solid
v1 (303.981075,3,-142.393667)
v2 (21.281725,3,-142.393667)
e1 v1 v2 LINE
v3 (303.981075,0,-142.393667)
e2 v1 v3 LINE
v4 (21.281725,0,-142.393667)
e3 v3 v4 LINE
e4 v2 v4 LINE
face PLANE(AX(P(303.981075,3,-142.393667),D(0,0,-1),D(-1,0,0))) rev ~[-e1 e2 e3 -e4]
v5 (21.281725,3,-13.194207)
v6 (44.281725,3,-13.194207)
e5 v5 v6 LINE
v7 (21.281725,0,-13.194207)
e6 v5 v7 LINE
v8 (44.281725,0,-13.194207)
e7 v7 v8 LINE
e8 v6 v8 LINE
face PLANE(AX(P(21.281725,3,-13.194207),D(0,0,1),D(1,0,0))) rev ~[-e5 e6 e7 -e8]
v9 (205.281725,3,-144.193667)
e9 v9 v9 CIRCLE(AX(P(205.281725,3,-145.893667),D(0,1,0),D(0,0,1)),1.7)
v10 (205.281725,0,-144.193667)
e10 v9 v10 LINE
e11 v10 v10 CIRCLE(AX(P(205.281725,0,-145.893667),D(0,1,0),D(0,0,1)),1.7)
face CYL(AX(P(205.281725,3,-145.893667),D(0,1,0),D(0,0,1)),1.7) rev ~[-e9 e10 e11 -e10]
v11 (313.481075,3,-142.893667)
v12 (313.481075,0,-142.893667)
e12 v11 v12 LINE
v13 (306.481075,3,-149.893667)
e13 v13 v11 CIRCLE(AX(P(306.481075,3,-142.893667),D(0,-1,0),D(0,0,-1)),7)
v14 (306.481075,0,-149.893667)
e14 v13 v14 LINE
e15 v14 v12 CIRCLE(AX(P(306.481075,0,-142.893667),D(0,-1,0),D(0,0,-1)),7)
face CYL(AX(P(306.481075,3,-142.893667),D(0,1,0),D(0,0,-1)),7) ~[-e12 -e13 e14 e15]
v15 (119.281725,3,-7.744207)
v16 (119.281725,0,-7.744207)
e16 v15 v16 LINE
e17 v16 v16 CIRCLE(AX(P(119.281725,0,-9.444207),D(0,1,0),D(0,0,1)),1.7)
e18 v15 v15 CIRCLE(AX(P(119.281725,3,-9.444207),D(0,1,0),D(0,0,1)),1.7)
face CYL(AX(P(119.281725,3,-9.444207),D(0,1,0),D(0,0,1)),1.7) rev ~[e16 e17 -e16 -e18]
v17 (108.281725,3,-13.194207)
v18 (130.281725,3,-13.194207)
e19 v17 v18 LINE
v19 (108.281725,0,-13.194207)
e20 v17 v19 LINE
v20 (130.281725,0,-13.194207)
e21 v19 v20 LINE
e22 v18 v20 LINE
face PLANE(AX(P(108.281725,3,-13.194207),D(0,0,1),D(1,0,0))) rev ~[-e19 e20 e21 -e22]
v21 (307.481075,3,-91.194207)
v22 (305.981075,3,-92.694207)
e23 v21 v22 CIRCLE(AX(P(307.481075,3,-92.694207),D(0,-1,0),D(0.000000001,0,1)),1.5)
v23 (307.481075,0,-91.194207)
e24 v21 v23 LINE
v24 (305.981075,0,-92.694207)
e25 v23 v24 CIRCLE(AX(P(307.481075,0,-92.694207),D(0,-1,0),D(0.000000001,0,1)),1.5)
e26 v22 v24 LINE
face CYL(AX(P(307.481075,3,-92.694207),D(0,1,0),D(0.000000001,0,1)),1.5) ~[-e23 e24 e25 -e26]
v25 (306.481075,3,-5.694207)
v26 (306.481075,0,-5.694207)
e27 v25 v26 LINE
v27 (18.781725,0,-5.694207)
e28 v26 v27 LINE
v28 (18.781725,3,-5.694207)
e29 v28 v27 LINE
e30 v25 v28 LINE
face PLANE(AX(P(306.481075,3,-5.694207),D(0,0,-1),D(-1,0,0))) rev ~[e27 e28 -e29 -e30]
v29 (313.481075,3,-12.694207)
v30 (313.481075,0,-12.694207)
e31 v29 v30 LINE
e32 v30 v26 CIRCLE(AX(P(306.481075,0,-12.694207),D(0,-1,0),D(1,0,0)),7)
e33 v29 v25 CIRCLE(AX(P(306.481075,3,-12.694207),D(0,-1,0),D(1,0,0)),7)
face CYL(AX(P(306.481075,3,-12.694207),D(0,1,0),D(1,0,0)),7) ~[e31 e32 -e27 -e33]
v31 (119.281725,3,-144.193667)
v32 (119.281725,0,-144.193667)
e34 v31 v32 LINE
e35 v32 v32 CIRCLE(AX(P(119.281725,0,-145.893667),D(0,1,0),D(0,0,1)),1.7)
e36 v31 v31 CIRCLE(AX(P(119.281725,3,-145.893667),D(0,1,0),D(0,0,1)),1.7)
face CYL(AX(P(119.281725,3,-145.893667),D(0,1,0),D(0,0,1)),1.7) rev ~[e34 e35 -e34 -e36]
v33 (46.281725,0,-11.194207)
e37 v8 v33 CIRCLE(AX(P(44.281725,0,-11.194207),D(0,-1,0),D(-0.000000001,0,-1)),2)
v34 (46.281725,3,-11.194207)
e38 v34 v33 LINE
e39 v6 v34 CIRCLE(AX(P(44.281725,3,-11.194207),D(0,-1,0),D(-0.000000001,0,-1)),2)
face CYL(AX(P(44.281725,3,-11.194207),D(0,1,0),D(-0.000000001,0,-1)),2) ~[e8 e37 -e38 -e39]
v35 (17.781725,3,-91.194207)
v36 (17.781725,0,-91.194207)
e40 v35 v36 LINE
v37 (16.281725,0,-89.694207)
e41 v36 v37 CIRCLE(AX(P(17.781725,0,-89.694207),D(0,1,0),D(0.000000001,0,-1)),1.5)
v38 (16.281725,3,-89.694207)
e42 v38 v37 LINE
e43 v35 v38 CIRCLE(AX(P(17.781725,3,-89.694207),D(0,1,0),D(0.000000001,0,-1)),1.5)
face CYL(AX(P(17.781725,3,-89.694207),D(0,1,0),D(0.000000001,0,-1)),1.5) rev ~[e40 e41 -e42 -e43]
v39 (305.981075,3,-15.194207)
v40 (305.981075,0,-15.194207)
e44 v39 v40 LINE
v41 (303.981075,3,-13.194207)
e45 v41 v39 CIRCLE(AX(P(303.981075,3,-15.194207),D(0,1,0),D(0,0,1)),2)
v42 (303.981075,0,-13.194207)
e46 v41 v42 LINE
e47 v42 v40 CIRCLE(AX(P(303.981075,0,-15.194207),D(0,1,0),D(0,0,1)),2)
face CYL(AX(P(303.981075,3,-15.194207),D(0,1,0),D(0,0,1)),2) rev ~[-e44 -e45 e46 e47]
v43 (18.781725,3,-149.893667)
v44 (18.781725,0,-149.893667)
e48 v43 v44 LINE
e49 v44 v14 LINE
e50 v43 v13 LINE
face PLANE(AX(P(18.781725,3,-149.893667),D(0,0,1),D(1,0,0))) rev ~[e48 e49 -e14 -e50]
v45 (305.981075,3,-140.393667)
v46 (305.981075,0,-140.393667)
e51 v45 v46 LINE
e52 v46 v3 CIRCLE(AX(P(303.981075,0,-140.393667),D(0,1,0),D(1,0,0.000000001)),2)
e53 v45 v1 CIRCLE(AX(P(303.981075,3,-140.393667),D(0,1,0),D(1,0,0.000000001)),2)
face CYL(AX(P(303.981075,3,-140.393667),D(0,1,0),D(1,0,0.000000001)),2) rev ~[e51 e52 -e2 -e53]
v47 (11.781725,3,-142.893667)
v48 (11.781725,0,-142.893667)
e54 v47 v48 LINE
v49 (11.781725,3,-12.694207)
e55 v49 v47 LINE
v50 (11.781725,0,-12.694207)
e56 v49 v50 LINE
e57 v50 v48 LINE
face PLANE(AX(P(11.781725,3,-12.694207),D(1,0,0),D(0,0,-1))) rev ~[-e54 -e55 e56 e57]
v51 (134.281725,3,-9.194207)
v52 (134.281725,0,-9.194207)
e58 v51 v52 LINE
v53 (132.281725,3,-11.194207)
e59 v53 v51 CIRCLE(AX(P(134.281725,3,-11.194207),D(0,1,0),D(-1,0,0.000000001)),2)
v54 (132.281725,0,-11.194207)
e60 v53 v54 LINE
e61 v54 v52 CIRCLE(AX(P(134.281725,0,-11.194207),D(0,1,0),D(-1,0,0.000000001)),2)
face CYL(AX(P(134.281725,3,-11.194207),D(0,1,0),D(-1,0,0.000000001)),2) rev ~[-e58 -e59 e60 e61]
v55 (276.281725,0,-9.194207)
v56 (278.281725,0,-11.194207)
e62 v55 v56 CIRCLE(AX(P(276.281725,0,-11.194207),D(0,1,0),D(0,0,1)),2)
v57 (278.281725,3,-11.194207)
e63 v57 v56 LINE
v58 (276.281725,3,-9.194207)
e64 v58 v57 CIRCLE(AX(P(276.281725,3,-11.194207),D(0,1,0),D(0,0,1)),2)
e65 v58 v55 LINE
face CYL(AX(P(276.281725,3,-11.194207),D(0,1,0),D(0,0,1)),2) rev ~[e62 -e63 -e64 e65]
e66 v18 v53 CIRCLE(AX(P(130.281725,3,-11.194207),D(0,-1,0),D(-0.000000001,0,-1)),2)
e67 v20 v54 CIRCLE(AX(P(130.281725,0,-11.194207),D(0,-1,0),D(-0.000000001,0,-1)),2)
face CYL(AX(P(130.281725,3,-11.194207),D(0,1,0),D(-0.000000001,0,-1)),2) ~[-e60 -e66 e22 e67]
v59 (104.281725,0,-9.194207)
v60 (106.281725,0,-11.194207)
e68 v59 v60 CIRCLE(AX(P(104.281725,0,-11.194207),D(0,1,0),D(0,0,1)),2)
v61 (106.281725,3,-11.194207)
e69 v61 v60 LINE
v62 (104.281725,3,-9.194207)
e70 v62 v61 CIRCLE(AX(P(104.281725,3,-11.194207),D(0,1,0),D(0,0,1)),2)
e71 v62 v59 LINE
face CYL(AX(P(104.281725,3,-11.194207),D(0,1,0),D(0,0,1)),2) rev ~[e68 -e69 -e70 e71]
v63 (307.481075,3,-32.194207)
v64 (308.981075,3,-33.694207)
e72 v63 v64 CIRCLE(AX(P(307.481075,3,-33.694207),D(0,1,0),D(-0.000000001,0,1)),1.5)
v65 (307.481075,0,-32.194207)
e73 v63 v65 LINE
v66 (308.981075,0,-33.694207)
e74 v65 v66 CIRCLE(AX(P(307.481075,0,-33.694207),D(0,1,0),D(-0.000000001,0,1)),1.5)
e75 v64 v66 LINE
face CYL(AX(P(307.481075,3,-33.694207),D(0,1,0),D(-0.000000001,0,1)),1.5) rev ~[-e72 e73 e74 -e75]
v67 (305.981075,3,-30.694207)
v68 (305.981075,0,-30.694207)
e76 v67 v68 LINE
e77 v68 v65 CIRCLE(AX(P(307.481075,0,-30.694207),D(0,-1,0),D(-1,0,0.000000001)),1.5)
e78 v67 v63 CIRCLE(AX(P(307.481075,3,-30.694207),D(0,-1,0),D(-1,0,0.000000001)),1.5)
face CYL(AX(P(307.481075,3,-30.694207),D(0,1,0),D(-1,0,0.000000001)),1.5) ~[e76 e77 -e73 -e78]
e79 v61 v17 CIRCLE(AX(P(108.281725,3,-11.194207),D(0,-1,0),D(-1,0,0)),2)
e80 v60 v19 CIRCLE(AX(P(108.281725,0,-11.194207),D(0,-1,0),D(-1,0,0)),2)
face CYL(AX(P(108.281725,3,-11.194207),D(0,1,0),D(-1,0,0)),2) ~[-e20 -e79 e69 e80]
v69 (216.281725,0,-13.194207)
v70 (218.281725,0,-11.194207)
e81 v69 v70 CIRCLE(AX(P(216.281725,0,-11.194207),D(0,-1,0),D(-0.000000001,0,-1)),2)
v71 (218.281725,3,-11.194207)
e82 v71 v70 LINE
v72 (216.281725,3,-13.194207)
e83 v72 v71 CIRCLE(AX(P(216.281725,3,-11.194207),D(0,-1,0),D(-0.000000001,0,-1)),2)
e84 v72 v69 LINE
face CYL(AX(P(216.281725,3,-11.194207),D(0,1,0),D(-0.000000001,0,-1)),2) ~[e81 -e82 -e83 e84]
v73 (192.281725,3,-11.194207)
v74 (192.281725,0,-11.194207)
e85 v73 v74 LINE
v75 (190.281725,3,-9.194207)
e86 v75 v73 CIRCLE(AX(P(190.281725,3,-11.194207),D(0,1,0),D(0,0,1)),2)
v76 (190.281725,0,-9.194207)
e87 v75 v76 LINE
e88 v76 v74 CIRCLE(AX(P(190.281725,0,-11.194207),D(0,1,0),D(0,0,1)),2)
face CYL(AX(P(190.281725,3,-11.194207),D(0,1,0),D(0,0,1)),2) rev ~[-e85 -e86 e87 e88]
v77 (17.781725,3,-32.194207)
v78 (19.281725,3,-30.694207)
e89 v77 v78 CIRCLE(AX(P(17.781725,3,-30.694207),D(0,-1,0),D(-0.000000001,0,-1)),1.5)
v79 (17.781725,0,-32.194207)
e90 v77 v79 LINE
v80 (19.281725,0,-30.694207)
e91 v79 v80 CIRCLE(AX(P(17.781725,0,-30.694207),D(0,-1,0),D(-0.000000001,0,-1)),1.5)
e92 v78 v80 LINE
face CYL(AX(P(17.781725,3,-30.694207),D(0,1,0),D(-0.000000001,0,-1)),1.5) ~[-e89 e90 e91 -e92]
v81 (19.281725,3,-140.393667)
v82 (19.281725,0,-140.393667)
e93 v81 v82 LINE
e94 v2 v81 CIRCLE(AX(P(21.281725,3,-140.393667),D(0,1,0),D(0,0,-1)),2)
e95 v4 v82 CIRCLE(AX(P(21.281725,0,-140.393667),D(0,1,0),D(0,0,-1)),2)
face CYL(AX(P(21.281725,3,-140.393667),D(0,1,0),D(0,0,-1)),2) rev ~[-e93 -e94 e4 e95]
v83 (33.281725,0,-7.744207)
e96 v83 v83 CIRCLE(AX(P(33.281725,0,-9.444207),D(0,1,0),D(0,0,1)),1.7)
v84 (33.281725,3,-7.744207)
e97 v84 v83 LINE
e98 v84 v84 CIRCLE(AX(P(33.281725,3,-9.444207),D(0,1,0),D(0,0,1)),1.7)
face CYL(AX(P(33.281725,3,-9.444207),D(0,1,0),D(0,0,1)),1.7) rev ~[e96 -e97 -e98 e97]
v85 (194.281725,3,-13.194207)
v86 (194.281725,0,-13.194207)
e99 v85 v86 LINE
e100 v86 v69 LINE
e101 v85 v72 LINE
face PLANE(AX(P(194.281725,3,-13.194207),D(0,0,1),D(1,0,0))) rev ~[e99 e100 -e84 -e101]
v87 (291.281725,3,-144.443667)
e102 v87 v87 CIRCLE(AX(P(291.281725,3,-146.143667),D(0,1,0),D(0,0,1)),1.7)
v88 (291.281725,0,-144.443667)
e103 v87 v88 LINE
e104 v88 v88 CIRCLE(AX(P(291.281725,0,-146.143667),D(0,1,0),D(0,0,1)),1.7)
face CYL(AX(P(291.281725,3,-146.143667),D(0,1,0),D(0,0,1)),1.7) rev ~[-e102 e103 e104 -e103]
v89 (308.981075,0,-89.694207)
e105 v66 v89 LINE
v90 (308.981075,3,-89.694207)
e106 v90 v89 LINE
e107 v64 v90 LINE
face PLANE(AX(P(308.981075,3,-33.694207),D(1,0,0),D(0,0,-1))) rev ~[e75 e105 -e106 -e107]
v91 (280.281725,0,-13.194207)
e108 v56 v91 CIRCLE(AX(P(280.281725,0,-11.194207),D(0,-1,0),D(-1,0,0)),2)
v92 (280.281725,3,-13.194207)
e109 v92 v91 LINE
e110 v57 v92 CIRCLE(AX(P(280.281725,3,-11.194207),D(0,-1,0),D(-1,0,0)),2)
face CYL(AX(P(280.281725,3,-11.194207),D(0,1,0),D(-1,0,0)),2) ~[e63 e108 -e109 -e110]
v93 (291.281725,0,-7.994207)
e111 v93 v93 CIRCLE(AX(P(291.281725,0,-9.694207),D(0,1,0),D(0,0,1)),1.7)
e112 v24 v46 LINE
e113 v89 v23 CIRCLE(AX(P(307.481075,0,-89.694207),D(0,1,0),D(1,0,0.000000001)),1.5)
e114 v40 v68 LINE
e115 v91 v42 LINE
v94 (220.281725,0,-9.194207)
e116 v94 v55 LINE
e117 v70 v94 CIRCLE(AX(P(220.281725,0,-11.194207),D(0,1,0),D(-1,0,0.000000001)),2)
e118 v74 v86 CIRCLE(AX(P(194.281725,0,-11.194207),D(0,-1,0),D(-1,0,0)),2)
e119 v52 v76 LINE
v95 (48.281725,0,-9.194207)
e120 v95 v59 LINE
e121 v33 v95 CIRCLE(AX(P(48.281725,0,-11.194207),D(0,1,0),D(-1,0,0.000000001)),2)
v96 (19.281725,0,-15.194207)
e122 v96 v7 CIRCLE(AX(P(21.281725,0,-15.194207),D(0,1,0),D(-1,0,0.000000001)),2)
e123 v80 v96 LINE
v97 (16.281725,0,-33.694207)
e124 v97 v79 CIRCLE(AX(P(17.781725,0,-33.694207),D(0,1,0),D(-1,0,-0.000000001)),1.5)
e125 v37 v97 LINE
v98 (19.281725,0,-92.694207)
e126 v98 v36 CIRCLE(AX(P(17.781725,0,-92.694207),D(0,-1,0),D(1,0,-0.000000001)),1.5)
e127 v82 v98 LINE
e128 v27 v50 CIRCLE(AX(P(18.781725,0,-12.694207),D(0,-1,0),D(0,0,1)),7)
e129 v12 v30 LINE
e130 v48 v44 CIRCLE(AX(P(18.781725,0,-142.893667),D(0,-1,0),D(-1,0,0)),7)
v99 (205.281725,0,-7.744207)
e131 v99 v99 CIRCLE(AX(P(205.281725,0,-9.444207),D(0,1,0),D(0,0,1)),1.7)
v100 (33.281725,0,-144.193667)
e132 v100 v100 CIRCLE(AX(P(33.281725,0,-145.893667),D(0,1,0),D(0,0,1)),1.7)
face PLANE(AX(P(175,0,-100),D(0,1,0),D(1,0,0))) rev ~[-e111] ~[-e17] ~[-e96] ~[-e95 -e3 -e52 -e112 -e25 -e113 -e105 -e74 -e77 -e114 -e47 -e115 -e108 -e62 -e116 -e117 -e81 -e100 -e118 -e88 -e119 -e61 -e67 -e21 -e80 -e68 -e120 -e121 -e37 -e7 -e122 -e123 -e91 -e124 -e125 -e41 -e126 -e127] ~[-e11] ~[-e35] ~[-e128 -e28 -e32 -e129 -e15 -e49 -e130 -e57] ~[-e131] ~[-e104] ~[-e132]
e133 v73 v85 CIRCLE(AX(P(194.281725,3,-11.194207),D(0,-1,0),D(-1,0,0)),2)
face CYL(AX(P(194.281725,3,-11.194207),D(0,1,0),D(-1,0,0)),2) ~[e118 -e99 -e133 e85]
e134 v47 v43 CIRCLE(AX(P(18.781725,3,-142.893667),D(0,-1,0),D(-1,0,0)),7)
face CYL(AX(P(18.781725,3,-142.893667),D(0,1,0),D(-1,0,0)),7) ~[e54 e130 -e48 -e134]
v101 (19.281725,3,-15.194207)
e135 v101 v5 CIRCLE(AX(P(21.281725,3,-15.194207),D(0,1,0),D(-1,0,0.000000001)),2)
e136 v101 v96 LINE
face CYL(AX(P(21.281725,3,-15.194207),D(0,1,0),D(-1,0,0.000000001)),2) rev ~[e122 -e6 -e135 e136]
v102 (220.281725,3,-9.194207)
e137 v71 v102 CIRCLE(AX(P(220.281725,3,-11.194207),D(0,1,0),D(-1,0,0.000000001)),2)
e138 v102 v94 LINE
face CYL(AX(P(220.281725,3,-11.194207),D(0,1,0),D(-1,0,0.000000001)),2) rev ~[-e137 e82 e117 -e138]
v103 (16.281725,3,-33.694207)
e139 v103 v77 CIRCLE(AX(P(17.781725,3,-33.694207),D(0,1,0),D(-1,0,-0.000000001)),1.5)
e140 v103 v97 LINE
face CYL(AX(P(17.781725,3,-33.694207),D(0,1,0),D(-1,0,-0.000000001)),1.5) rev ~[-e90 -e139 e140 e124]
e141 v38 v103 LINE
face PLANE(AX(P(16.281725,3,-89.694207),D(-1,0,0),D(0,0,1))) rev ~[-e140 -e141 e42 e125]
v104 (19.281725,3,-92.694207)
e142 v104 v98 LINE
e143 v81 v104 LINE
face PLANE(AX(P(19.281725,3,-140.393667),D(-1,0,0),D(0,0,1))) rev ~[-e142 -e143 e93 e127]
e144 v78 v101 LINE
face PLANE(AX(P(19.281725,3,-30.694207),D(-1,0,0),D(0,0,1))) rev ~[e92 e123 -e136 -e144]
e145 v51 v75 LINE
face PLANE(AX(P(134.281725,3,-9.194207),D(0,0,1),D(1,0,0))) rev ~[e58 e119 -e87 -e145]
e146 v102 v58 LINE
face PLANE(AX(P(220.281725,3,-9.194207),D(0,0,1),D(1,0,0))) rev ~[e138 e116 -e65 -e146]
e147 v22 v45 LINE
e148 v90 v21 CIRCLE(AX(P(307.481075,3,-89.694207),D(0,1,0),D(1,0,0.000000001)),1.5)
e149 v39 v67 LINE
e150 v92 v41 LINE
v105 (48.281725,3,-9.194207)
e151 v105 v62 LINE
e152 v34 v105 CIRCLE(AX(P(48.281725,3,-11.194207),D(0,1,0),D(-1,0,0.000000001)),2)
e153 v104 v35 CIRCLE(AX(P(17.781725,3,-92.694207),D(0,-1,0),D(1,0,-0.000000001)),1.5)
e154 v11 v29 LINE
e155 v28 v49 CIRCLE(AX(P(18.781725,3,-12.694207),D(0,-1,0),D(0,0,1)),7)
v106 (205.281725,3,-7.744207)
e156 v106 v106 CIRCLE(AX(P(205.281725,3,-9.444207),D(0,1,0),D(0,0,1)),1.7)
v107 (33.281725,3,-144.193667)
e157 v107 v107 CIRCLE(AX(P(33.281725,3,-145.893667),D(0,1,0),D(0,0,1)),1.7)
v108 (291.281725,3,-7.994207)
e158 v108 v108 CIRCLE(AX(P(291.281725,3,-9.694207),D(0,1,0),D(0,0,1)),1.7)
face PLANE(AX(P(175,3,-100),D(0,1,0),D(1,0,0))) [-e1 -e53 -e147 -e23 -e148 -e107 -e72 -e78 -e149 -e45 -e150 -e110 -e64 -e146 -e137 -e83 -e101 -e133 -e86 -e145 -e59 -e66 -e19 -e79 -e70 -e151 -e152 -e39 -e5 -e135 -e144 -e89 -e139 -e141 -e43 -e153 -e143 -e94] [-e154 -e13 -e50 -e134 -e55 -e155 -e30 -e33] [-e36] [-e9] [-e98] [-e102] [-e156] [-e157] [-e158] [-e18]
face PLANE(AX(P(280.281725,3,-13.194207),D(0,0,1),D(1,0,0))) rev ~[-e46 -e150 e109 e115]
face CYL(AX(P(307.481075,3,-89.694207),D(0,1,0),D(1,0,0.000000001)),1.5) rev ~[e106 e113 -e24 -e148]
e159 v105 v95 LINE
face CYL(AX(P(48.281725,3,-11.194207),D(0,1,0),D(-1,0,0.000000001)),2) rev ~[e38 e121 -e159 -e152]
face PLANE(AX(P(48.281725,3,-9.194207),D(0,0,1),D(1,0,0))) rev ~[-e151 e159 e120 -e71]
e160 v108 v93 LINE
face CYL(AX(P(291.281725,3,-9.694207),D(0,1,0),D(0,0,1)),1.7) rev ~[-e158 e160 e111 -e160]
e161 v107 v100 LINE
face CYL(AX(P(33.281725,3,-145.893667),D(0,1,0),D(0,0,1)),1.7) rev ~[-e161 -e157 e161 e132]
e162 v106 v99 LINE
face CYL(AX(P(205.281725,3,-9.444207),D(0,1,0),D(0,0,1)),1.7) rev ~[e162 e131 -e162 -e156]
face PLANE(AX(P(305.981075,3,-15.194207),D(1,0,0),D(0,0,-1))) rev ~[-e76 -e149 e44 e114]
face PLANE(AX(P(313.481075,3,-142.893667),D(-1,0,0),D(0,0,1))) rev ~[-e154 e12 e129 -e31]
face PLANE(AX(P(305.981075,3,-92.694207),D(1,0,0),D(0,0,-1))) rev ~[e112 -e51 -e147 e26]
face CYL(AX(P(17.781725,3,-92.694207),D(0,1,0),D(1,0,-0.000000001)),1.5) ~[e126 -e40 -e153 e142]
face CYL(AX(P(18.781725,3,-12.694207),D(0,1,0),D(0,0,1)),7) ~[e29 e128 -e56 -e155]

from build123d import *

# Parameters (mm, degrees)
SKETCH1_W           = 350
SKETCH1_H           = 200
BOSS_EXTRUDE1_DEPTH = 3
SKETCH2_W           = 350
SKETCH2_H           = 200
SKETCH2_R           = 1.7
CUT_EXTRUDE2_DEPTH  = 3


with BuildPart() as part:
    # Sketch1 → Boss-Extrude1 (new body)
    with BuildSketch(Plane(origin=(0, 0, 0), x_dir=(1, 0, 0), z_dir=(0, 1, 0))):
        with Locations((175, 100)):
            Rectangle(SKETCH1_W, SKETCH1_H)
    extrude(amount=BOSS_EXTRUDE1_DEPTH)

    # Sketch2 → Cut-Extrude2 (cut)
    with BuildSketch(Plane(origin=(0, 3, 0), x_dir=(1, 0, 0), z_dir=(0, 1, 0))):
        with Locations((175, 100)):
            Rectangle(SKETCH2_W, SKETCH2_H)
        with BuildLine():
            ThreePointArc((18.78172506, 5.694207131), (13.831977592, 7.744459663), (11.78172506, 12.694207131))
            Line((11.78172506, 12.694207131), (11.78172506, 142.893667131))
            ThreePointArc((11.78172506, 142.893667131), (13.831977592, 147.843414599), (18.78172506, 149.893667131))
            Line((18.78172506, 149.893667131), (306.48107506, 149.893667131))
            ThreePointArc((306.48107506, 149.893667131), (311.430822528, 147.843414599), (313.48107506, 142.893667131))
            Line((313.48107506, 142.893667131), (313.48107506, 12.694207131))
            ThreePointArc((313.48107506, 12.694207131), (311.430822528, 7.744459663), (306.48107506, 5.694207131))
            Line((306.48107506, 5.694207131), (18.78172506, 5.694207131))
        make_face(mode=Mode.SUBTRACT)
        with Locations(Location((119.28172506, 145.893667131, 0), (0, 0, 270))):
            Circle(SKETCH2_R)
        with Locations(Location((33.28172506, 145.893667131, 0), (0, 0, 270))):
            Circle(SKETCH2_R)
        with Locations(Location((205.28172506, 145.893667131, 0), (0, 0, 270))):
            Circle(SKETCH2_R)
        with Locations(Location((291.28172506, 146.143667131, 0), (0, 0, 270))):
            Circle(SKETCH2_R)
        with Locations(Location((119.28172506, 9.444207131, 0), (0, 0, 270))):
            Circle(SKETCH2_R)
        with Locations(Location((33.28172506, 9.444207131, 0), (0, 0, 270))):
            Circle(SKETCH2_R)
        with Locations(Location((205.28172506, 9.444207131, 0), (0, 0, 270))):
            Circle(SKETCH2_R)
        with Locations(Location((291.28172506, 9.694207131, 0), (0, 0, 270))):
            Circle(SKETCH2_R)
        with BuildLine():
            ThreePointArc((46.28172506, 11.194207131), (46.867511498, 9.779993569), (48.28172506, 9.194207131))
            Line((48.28172506, 9.194207131), (104.28172506, 9.194207131))
            ThreePointArc((104.28172506, 9.194207131), (105.695938623, 9.779993569), (106.28172506, 11.194207131))
            ThreePointArc((106.28172506, 11.194207131), (106.867511498, 12.608420694), (108.28172506, 13.194207131))
            Line((108.28172506, 13.194207131), (130.28172506, 13.194207131))
            ThreePointArc((130.28172506, 13.194207131), (131.695938623, 12.608420694), (132.28172506, 11.194207131))
            ThreePointArc((132.28172506, 11.194207131), (132.867511498, 9.779993569), (134.28172506, 9.194207131))
            Line((134.28172506, 9.194207131), (190.28172506, 9.194207131))
            ThreePointArc((190.28172506, 9.194207131), (191.695938623, 9.779993569), (192.28172506, 11.194207131))
            ThreePointArc((192.28172506, 11.194207131), (192.867511498, 12.608420694), (194.28172506, 13.194207131))
            Line((194.28172506, 13.194207131), (216.28172506, 13.194207131))
            ThreePointArc((216.28172506, 13.194207131), (217.695938623, 12.608420694), (218.28172506, 11.194207131))
            ThreePointArc((218.28172506, 11.194207131), (218.867511498, 9.779993569), (220.28172506, 9.194207131))
            Line((220.28172506, 9.194207131), (276.28172506, 9.194207131))
            ThreePointArc((276.28172506, 9.194207131), (277.695938623, 9.779993569), (278.28172506, 11.194207131))
            ThreePointArc((278.28172506, 11.194207131), (278.867511498, 12.608420694), (280.28172506, 13.194207131))
            Line((280.28172506, 13.194207131), (303.98107506, 13.194207131))
            ThreePointArc((303.98107506, 13.194207131), (305.395288623, 13.779993569), (305.98107506, 15.194207131))
            Line((305.98107506, 15.194207131), (305.98107506, 30.694207131))
            ThreePointArc((305.98107506, 30.694207131), (306.420414888, 31.754867303), (307.48107506, 32.194207131))
            ThreePointArc((307.48107506, 32.194207131), (308.541735232, 32.633546959), (308.98107506, 33.694207131))
            Line((308.98107506, 33.694207131), (308.98107506, 89.694207131))
            ThreePointArc((308.98107506, 89.694207131), (308.541735232, 90.754867303), (307.48107506, 91.194207131))
            ThreePointArc((307.48107506, 91.194207131), (306.420414888, 91.633546959), (305.98107506, 92.694207131))
            Line((305.98107506, 92.694207131), (305.98107506, 140.393667131))
            ThreePointArc((305.98107506, 140.393667131), (305.395288623, 141.807880694), (303.98107506, 142.393667131))
            Line((303.98107506, 142.393667131), (21.28172506, 142.393667131))
            ThreePointArc((21.28172506, 142.393667131), (19.867511498, 141.807880694), (19.28172506, 140.393667131))
            Line((19.28172506, 140.393667131), (19.28172506, 92.694207131))
            ThreePointArc((19.28172506, 92.694207131), (18.842385232, 91.633546959), (17.78172506, 91.194207131))
            ThreePointArc((17.78172506, 91.194207131), (16.721064888, 90.754867303), (16.28172506, 89.694207131))
            Line((16.28172506, 89.694207131), (16.28172506, 33.694207131))
            ThreePointArc((16.28172506, 33.694207131), (16.721064888, 32.633546959), (17.78172506, 32.194207131))
            ThreePointArc((17.78172506, 32.194207131), (18.842385232, 31.754867303), (19.28172506, 30.694207131))
            Line((19.28172506, 30.694207131), (19.28172506, 15.194207131))
            ThreePointArc((19.28172506, 15.194207131), (19.867511498, 13.779993569), (21.28172506, 13.194207131))
            Line((21.28172506, 13.194207131), (44.28172506, 13.194207131))
            ThreePointArc((44.28172506, 13.194207131), (45.695938623, 12.608420694), (46.28172506, 11.194207131))
        make_face()
    extrude(amount=-CUT_EXTRUDE2_DEPTH, mode=Mode.SUBTRACT)


solid = part.part
